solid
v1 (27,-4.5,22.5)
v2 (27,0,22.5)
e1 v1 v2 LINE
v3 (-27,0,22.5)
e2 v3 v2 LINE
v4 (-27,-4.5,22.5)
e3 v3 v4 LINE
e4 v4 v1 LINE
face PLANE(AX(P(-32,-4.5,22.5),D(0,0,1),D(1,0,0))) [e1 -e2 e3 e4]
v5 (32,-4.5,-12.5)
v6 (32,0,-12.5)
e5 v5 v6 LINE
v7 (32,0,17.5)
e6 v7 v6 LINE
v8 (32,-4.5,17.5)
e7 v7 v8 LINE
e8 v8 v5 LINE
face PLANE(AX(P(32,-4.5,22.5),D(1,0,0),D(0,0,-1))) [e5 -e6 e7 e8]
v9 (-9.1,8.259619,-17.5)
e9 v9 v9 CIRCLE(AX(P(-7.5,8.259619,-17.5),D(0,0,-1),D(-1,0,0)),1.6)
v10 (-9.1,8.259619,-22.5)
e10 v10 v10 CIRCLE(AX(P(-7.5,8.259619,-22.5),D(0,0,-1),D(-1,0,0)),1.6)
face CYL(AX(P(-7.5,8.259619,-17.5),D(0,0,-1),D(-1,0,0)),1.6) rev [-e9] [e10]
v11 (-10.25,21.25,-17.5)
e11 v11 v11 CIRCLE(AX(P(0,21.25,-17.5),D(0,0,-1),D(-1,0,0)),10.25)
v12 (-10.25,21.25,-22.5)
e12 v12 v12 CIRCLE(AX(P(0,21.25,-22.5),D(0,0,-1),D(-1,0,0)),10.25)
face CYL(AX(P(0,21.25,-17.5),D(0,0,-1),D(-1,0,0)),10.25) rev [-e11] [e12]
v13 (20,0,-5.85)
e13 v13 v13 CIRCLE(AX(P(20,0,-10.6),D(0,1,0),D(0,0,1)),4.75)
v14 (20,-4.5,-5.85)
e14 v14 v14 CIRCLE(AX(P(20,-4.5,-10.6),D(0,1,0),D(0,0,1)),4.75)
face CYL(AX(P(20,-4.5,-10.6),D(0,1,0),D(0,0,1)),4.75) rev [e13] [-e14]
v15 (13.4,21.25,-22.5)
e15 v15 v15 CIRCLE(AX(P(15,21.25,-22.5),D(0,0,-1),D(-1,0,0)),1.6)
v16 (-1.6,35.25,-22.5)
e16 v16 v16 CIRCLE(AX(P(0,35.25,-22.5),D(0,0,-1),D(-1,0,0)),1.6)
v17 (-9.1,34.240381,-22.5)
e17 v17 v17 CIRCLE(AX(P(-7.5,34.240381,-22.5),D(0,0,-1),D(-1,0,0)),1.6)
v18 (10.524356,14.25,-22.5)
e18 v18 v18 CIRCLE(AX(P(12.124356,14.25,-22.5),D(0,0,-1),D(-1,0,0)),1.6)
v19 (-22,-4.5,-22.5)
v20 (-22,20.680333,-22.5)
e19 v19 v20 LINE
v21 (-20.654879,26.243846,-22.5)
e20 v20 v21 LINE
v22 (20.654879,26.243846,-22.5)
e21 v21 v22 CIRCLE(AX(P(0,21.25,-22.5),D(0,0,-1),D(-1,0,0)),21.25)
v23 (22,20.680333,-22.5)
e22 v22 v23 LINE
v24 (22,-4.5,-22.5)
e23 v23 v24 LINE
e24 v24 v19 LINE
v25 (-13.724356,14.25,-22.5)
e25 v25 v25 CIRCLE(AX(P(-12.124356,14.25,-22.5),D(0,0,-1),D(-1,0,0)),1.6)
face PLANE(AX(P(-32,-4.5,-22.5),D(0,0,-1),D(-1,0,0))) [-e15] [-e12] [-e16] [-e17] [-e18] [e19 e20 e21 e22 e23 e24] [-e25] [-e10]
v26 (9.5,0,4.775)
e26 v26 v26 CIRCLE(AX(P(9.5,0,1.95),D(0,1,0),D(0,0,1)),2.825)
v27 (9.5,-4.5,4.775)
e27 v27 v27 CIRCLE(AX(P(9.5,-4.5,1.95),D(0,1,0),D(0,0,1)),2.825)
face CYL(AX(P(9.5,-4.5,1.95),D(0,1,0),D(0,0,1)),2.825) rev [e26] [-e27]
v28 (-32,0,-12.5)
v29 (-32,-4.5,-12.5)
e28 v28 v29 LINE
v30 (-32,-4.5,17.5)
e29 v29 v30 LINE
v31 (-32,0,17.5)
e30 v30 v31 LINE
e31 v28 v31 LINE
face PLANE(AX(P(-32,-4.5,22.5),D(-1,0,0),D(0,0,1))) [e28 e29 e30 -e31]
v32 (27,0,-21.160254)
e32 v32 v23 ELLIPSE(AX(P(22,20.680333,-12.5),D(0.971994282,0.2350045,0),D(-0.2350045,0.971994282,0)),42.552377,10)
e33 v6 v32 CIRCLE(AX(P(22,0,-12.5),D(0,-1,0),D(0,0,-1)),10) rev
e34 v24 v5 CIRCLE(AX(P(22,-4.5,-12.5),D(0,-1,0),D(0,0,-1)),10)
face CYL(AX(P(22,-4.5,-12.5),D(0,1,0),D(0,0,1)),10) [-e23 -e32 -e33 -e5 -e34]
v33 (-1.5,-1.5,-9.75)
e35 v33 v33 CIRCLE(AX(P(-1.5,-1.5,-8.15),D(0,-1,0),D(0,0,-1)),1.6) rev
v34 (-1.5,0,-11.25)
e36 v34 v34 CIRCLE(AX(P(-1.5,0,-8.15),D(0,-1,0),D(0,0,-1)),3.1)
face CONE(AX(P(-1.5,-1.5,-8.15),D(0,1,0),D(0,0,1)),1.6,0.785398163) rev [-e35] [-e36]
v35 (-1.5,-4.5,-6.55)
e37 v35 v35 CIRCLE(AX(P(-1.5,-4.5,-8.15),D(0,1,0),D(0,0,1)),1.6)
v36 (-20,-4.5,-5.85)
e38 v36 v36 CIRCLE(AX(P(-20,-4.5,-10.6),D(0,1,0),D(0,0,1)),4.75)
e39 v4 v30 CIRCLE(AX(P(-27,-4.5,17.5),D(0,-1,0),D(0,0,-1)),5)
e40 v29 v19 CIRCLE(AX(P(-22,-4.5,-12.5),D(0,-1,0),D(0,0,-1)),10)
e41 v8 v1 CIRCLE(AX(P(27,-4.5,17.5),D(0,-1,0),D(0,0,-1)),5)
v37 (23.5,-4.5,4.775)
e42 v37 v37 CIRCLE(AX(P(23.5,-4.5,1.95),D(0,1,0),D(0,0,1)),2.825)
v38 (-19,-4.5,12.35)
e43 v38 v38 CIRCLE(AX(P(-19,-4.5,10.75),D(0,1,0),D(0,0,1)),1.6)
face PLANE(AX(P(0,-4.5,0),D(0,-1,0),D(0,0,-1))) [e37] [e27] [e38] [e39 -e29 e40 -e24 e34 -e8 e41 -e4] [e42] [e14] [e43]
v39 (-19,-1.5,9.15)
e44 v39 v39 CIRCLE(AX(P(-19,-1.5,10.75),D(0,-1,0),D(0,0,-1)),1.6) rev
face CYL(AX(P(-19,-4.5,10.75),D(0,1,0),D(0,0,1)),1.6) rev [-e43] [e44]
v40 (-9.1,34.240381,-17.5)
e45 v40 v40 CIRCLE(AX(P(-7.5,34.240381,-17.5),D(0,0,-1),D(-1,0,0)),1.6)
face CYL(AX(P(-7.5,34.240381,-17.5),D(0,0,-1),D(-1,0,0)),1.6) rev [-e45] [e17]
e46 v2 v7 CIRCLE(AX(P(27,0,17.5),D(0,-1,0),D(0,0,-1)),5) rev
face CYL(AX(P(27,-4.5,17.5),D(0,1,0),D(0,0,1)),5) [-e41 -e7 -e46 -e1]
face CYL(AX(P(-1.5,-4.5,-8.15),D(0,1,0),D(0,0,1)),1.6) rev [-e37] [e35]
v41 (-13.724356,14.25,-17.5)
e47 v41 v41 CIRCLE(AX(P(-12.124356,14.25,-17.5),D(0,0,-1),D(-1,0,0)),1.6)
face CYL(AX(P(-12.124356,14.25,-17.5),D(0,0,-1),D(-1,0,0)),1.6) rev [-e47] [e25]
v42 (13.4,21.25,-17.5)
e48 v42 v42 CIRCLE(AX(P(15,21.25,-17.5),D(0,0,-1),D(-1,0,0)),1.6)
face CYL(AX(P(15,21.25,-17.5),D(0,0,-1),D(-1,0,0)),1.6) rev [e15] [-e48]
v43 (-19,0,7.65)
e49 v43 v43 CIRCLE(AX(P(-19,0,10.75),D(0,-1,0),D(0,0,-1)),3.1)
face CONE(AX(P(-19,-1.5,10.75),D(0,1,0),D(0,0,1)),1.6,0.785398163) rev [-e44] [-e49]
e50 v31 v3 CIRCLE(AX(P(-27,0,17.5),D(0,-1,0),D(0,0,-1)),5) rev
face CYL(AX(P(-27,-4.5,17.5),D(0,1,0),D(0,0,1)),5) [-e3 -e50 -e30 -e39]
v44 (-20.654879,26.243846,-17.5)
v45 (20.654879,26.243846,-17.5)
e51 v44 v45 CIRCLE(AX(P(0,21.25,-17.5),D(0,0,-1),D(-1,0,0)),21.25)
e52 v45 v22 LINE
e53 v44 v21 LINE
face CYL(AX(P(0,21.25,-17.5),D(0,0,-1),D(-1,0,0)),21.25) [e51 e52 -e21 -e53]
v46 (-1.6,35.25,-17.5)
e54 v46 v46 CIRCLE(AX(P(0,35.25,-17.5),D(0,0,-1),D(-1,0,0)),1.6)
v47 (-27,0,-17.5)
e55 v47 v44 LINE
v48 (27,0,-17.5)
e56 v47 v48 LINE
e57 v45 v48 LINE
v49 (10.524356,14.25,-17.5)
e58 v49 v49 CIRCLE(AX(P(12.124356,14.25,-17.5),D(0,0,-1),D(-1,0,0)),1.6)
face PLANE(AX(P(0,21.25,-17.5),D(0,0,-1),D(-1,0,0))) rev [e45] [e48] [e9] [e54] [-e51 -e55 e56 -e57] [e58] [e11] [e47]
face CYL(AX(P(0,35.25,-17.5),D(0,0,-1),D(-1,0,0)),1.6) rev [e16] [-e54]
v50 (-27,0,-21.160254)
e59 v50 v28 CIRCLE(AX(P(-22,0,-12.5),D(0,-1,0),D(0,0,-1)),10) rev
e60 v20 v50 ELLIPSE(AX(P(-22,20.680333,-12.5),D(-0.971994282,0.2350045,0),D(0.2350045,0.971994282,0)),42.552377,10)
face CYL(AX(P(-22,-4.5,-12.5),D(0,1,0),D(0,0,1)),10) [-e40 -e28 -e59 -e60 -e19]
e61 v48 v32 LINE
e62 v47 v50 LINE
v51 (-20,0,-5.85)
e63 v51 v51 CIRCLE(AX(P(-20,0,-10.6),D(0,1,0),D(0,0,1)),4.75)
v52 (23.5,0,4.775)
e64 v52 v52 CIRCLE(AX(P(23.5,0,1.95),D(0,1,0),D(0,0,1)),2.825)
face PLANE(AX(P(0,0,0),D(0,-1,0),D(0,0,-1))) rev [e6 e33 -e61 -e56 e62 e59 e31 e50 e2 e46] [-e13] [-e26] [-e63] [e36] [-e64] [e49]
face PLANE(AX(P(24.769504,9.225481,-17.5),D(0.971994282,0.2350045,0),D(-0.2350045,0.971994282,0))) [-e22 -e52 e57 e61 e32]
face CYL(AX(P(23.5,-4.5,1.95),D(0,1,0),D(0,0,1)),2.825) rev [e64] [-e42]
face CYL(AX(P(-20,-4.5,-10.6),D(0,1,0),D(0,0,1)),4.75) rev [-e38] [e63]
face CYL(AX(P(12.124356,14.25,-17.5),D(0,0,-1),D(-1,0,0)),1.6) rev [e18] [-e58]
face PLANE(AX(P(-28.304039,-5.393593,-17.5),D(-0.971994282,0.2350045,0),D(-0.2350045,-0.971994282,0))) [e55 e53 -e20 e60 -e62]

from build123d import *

# Parameters (mm, degrees)
SKETCH1_W           = 64
SKETCH1_H           = 45
SKETCH1_R           = 1.6
SKETCH1_R_2         = 2.825
SKETCH1_R_3         = 4.75
BOSS_EXTRUDE1_DEPTH = 4.5
CHAMFER1_SIZE       = 1.5
BOSS_EXTRUDE2_START = -22.5
SKETCH2_R           = 10.25
SKETCH2_R_2         = 1.6
BOSS_EXTRUDE2_DEPTH = 5
FILLET1_R           = 5
FILLET2_R           = 10


with BuildPart() as part:
    # Sketch1 → Boss-Extrude1 (new body)
    with BuildSketch(Plane(origin=(0, 0, 0), x_dir=(1, 0, 0), z_dir=(0, 1, 0))):
        Rectangle(SKETCH1_W, SKETCH1_H)
        with Locations((-1.5, 8.15)):
            Circle(SKETCH1_R, mode=Mode.SUBTRACT)
        with Locations((-19, -10.75)):
            Circle(SKETCH1_R, mode=Mode.SUBTRACT)
        with Locations((9.5, -1.95)):
            Circle(SKETCH1_R_2, mode=Mode.SUBTRACT)
        with Locations((23.5, -1.95)):
            Circle(SKETCH1_R_2, mode=Mode.SUBTRACT)
        with Locations((-20, 10.6)):
            Circle(SKETCH1_R_3, mode=Mode.SUBTRACT)
        with Locations((20, 10.6)):
            Circle(SKETCH1_R_3, mode=Mode.SUBTRACT)
    extrude(amount=-BOSS_EXTRUDE1_DEPTH)

    # Chamfer1
    chamfer1_edges = [part.edges().sort_by_distance(p)[0] for p in [
        (-3.1, 0, -8.15),
        (-20.6, 0, 10.75),
    ]]
    chamfer(chamfer1_edges, length=CHAMFER1_SIZE)

    # Sketch2 → Boss-Extrude2 (add)
    with BuildSketch(Plane.XY.offset(BOSS_EXTRUDE2_START)):
        with BuildLine():
            Line((-27, 0), (-20.654878501, 26.243845624))
            ThreePointArc((-20.654878501, 26.243845624), (0, 42.5), (20.654878501, 26.243845624))
            Line((20.654878501, 26.243845624), (27, 0))
            Line((27, 0), (27, -4.5))
            Line((27, -4.5), (-27, -4.5))
            Line((-27, -4.5), (-27, 0))
        make_face()
        with Locations((0, 21.25)):
            Circle(SKETCH2_R, mode=Mode.SUBTRACT)
        with Locations((0, 35.25)):
            Circle(SKETCH2_R_2, mode=Mode.SUBTRACT)
        with Locations((-7.5, 34.240381057)):
            Circle(SKETCH2_R_2, mode=Mode.SUBTRACT)
        with Locations((12.124355653, 14.25)):
            Circle(SKETCH2_R_2, mode=Mode.SUBTRACT)
        with Locations((15, 21.25)):
            Circle(SKETCH2_R_2, mode=Mode.SUBTRACT)
        with Locations((-12.124355653, 14.25)):
            Circle(SKETCH2_R_2, mode=Mode.SUBTRACT)
        with Locations((-7.5, 8.259618943)):
            Circle(SKETCH2_R_2, mode=Mode.SUBTRACT)
    extrude(amount=BOSS_EXTRUDE2_DEPTH)

    # Fillet1
    fillet1_edges = [part.edges().sort_by_distance(p)[0] for p in [
        (32, -2.25, 22.5),
        (-32, -2.25, 22.5),
    ]]
    fillet(fillet1_edges, radius=FILLET1_R)

    # Fillet2
    fillet2_edges = [part.edges().sort_by_distance(p)[0] for p in [
        (32, -2.25, -22.5),
        (-32, -2.25, -22.5),
    ]]
    fillet(fillet2_edges, radius=FILLET2_R)


solid = part.part
